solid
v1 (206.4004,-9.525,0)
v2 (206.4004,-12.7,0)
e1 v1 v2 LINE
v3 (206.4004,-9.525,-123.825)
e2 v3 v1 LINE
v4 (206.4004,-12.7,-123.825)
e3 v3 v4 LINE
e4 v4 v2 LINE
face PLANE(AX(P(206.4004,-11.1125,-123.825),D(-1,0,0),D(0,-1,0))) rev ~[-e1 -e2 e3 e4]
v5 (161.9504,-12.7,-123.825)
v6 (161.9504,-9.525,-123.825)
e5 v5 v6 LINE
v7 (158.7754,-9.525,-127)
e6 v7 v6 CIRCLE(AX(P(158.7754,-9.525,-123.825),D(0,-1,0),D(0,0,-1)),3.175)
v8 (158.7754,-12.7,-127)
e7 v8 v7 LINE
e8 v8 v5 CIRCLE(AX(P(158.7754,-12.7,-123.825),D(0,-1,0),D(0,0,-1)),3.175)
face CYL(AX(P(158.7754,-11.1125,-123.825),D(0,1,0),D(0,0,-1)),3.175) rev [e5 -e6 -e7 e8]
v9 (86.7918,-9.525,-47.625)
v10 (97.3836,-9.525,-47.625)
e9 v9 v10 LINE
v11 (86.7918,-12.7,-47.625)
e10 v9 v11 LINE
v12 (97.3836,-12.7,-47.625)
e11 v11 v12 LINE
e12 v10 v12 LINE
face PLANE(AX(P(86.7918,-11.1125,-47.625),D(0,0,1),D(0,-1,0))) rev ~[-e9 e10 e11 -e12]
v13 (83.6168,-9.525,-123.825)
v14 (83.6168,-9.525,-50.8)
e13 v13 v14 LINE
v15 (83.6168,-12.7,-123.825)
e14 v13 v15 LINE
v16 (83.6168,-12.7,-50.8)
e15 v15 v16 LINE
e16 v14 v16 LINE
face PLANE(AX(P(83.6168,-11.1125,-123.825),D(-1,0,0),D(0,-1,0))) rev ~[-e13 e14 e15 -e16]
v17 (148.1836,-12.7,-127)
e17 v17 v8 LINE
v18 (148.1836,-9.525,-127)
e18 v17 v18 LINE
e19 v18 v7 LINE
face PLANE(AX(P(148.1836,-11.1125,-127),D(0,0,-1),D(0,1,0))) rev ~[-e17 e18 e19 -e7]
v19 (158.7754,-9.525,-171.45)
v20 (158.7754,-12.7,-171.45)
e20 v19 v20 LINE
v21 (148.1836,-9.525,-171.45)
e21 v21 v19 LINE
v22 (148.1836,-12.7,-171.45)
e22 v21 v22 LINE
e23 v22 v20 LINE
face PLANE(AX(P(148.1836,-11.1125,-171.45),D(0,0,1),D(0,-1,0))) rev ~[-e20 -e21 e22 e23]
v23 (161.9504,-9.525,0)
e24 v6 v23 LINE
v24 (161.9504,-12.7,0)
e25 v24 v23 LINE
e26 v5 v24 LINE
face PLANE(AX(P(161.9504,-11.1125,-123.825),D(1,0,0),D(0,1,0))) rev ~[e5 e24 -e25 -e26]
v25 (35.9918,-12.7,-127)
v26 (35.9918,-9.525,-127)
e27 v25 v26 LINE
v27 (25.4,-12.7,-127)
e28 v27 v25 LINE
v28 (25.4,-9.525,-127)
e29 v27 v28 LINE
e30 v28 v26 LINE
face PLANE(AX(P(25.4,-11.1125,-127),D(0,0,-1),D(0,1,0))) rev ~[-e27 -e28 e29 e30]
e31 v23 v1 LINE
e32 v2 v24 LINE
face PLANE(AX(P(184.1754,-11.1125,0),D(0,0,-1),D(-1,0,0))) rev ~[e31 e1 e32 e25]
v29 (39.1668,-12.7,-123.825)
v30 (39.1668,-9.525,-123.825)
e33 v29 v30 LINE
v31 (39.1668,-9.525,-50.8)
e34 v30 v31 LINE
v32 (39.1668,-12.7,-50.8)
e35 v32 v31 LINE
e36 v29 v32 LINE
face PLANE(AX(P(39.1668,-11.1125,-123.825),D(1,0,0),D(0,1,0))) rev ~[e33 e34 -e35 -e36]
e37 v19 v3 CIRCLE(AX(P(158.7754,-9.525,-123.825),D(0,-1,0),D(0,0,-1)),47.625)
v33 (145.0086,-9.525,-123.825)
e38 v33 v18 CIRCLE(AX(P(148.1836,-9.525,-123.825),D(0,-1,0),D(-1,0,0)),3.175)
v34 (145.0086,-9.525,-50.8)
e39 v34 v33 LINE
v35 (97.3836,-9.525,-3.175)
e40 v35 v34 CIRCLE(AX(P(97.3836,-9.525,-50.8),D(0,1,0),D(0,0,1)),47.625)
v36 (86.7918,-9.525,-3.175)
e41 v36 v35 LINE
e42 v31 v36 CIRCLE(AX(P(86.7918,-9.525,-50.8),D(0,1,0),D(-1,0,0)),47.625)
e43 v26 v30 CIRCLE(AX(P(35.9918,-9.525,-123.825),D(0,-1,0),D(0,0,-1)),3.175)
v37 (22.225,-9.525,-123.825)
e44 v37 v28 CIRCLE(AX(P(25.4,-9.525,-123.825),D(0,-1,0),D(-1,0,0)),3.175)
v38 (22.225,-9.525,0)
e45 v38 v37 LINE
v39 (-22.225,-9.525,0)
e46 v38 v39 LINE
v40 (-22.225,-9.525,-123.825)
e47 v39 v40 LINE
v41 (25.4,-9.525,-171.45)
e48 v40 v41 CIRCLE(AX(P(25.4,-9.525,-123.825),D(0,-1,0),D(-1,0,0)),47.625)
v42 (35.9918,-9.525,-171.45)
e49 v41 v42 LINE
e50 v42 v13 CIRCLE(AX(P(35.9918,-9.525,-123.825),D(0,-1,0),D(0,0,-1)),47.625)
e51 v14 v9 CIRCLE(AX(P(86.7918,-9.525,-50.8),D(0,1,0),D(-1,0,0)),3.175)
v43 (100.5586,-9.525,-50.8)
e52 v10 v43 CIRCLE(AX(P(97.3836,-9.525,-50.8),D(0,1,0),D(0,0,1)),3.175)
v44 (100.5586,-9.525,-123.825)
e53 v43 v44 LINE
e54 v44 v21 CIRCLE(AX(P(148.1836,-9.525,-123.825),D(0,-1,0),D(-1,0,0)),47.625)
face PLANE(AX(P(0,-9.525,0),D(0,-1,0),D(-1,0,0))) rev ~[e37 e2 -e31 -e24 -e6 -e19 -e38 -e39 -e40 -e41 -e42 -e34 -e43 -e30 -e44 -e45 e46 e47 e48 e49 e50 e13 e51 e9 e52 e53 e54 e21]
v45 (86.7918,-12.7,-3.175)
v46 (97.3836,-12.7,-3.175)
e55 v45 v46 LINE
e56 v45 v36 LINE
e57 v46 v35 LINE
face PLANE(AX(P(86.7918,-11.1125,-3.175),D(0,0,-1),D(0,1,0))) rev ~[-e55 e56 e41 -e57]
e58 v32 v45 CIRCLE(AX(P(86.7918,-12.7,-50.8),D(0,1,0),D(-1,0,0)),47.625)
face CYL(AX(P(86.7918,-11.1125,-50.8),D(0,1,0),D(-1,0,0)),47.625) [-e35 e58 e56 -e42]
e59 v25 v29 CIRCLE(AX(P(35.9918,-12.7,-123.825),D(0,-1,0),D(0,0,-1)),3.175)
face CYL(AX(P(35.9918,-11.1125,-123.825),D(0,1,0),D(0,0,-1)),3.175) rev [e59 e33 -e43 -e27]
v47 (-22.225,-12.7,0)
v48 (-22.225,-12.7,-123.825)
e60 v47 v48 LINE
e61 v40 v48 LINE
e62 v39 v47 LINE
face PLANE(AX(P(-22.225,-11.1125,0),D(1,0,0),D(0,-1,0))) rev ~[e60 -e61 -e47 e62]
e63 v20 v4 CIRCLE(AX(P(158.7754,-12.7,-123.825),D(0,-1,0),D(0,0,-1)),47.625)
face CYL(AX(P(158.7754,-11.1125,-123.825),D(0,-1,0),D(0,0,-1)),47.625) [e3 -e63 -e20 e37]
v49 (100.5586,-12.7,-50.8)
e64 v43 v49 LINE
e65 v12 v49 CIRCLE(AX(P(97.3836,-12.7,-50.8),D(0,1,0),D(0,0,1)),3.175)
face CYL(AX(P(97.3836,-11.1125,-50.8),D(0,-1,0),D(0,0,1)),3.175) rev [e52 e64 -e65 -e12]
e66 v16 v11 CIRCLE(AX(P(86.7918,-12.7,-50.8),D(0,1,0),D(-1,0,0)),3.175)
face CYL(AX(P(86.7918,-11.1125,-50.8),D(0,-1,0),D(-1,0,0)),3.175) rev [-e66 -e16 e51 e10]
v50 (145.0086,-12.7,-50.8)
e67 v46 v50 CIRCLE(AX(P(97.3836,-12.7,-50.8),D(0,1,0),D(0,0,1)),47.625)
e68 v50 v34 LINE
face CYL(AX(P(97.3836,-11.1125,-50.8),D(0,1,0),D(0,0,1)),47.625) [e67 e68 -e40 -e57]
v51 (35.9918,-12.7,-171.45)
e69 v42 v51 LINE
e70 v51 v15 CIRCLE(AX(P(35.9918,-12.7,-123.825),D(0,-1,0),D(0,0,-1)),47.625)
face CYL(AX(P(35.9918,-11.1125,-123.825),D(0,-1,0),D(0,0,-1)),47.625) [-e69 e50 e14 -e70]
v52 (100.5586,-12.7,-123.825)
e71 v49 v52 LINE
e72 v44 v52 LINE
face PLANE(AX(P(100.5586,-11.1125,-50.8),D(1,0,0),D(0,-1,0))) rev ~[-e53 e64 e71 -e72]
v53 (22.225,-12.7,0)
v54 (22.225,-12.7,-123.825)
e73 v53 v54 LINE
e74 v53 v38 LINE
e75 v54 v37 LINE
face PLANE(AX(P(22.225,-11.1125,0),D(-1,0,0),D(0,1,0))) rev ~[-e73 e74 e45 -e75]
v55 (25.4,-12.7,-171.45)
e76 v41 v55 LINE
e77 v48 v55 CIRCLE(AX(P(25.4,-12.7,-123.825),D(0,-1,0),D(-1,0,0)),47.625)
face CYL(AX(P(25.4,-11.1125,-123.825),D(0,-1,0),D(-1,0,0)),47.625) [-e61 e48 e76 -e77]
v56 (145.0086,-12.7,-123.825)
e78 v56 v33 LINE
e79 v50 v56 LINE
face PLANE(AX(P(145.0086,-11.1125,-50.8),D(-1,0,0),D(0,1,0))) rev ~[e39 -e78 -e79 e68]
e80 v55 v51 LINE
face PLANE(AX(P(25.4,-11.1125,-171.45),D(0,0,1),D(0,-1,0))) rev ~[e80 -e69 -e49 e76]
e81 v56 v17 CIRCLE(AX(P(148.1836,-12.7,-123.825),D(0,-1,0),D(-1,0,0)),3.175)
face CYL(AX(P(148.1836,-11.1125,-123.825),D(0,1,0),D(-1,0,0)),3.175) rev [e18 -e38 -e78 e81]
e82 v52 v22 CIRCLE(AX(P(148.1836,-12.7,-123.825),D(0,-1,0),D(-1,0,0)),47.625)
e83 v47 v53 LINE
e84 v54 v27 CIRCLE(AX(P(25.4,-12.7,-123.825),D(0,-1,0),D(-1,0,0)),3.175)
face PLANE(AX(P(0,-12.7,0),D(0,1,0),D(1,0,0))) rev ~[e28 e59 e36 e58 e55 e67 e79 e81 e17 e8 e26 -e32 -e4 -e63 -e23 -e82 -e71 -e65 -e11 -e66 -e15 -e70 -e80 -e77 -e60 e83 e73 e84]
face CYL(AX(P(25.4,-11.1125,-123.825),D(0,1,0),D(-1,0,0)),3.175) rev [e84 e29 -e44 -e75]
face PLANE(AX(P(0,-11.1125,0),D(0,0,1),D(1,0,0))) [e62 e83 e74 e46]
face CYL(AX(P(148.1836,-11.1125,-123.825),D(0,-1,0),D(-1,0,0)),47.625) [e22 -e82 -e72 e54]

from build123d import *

# Parameters (mm, degrees)
SKETCH6_W = 44.45
SKETCH6_H = 3.175


with BuildPart() as part:
    # Sweep1: sweep along a path in Sketch1
    with BuildLine(Plane(origin=(0, 0, 0), x_dir=(1, 0, 0), z_dir=(0, 1, 0))) as sweep1_path:
        Line((0, 0), (0, 123.825))
        ThreePointArc((0, 123.825), (7.439487758, 141.785512242), (25.4, 149.225))
        Line((25.4, 149.225), (35.9918, 149.225))
        ThreePointArc((35.9918, 149.225), (53.952312242, 141.785512242), (61.3918, 123.825))
        Line((61.3918, 123.825), (61.3918, 50.8))
        ThreePointArc((61.3918, 50.8), (68.831287758, 32.839487758), (86.7918, 25.4))
        Line((86.7918, 25.4), (97.3836, 25.4))
        ThreePointArc((97.3836, 25.4), (115.344112242, 32.839487758), (122.7836, 50.8))
        Line((122.7836, 50.8), (122.7836, 123.825))
        ThreePointArc((122.7836, 123.825), (130.223087758, 141.785512242), (148.1836, 149.225))
        Line((148.1836, 149.225), (158.7754, 149.225))
        ThreePointArc((158.7754, 149.225), (176.735912242, 141.785512242), (184.1754, 123.825))
        Line((184.1754, 123.825), (184.1754, 0))
    # Sketch6 → Sweep1 (sweep)
    with BuildSketch(Plane.XY):
        with Locations((0, -11.1125)):
            Rectangle(SKETCH6_W, SKETCH6_H)
    sweep(path=sweep1_path.line)


solid = part.part
